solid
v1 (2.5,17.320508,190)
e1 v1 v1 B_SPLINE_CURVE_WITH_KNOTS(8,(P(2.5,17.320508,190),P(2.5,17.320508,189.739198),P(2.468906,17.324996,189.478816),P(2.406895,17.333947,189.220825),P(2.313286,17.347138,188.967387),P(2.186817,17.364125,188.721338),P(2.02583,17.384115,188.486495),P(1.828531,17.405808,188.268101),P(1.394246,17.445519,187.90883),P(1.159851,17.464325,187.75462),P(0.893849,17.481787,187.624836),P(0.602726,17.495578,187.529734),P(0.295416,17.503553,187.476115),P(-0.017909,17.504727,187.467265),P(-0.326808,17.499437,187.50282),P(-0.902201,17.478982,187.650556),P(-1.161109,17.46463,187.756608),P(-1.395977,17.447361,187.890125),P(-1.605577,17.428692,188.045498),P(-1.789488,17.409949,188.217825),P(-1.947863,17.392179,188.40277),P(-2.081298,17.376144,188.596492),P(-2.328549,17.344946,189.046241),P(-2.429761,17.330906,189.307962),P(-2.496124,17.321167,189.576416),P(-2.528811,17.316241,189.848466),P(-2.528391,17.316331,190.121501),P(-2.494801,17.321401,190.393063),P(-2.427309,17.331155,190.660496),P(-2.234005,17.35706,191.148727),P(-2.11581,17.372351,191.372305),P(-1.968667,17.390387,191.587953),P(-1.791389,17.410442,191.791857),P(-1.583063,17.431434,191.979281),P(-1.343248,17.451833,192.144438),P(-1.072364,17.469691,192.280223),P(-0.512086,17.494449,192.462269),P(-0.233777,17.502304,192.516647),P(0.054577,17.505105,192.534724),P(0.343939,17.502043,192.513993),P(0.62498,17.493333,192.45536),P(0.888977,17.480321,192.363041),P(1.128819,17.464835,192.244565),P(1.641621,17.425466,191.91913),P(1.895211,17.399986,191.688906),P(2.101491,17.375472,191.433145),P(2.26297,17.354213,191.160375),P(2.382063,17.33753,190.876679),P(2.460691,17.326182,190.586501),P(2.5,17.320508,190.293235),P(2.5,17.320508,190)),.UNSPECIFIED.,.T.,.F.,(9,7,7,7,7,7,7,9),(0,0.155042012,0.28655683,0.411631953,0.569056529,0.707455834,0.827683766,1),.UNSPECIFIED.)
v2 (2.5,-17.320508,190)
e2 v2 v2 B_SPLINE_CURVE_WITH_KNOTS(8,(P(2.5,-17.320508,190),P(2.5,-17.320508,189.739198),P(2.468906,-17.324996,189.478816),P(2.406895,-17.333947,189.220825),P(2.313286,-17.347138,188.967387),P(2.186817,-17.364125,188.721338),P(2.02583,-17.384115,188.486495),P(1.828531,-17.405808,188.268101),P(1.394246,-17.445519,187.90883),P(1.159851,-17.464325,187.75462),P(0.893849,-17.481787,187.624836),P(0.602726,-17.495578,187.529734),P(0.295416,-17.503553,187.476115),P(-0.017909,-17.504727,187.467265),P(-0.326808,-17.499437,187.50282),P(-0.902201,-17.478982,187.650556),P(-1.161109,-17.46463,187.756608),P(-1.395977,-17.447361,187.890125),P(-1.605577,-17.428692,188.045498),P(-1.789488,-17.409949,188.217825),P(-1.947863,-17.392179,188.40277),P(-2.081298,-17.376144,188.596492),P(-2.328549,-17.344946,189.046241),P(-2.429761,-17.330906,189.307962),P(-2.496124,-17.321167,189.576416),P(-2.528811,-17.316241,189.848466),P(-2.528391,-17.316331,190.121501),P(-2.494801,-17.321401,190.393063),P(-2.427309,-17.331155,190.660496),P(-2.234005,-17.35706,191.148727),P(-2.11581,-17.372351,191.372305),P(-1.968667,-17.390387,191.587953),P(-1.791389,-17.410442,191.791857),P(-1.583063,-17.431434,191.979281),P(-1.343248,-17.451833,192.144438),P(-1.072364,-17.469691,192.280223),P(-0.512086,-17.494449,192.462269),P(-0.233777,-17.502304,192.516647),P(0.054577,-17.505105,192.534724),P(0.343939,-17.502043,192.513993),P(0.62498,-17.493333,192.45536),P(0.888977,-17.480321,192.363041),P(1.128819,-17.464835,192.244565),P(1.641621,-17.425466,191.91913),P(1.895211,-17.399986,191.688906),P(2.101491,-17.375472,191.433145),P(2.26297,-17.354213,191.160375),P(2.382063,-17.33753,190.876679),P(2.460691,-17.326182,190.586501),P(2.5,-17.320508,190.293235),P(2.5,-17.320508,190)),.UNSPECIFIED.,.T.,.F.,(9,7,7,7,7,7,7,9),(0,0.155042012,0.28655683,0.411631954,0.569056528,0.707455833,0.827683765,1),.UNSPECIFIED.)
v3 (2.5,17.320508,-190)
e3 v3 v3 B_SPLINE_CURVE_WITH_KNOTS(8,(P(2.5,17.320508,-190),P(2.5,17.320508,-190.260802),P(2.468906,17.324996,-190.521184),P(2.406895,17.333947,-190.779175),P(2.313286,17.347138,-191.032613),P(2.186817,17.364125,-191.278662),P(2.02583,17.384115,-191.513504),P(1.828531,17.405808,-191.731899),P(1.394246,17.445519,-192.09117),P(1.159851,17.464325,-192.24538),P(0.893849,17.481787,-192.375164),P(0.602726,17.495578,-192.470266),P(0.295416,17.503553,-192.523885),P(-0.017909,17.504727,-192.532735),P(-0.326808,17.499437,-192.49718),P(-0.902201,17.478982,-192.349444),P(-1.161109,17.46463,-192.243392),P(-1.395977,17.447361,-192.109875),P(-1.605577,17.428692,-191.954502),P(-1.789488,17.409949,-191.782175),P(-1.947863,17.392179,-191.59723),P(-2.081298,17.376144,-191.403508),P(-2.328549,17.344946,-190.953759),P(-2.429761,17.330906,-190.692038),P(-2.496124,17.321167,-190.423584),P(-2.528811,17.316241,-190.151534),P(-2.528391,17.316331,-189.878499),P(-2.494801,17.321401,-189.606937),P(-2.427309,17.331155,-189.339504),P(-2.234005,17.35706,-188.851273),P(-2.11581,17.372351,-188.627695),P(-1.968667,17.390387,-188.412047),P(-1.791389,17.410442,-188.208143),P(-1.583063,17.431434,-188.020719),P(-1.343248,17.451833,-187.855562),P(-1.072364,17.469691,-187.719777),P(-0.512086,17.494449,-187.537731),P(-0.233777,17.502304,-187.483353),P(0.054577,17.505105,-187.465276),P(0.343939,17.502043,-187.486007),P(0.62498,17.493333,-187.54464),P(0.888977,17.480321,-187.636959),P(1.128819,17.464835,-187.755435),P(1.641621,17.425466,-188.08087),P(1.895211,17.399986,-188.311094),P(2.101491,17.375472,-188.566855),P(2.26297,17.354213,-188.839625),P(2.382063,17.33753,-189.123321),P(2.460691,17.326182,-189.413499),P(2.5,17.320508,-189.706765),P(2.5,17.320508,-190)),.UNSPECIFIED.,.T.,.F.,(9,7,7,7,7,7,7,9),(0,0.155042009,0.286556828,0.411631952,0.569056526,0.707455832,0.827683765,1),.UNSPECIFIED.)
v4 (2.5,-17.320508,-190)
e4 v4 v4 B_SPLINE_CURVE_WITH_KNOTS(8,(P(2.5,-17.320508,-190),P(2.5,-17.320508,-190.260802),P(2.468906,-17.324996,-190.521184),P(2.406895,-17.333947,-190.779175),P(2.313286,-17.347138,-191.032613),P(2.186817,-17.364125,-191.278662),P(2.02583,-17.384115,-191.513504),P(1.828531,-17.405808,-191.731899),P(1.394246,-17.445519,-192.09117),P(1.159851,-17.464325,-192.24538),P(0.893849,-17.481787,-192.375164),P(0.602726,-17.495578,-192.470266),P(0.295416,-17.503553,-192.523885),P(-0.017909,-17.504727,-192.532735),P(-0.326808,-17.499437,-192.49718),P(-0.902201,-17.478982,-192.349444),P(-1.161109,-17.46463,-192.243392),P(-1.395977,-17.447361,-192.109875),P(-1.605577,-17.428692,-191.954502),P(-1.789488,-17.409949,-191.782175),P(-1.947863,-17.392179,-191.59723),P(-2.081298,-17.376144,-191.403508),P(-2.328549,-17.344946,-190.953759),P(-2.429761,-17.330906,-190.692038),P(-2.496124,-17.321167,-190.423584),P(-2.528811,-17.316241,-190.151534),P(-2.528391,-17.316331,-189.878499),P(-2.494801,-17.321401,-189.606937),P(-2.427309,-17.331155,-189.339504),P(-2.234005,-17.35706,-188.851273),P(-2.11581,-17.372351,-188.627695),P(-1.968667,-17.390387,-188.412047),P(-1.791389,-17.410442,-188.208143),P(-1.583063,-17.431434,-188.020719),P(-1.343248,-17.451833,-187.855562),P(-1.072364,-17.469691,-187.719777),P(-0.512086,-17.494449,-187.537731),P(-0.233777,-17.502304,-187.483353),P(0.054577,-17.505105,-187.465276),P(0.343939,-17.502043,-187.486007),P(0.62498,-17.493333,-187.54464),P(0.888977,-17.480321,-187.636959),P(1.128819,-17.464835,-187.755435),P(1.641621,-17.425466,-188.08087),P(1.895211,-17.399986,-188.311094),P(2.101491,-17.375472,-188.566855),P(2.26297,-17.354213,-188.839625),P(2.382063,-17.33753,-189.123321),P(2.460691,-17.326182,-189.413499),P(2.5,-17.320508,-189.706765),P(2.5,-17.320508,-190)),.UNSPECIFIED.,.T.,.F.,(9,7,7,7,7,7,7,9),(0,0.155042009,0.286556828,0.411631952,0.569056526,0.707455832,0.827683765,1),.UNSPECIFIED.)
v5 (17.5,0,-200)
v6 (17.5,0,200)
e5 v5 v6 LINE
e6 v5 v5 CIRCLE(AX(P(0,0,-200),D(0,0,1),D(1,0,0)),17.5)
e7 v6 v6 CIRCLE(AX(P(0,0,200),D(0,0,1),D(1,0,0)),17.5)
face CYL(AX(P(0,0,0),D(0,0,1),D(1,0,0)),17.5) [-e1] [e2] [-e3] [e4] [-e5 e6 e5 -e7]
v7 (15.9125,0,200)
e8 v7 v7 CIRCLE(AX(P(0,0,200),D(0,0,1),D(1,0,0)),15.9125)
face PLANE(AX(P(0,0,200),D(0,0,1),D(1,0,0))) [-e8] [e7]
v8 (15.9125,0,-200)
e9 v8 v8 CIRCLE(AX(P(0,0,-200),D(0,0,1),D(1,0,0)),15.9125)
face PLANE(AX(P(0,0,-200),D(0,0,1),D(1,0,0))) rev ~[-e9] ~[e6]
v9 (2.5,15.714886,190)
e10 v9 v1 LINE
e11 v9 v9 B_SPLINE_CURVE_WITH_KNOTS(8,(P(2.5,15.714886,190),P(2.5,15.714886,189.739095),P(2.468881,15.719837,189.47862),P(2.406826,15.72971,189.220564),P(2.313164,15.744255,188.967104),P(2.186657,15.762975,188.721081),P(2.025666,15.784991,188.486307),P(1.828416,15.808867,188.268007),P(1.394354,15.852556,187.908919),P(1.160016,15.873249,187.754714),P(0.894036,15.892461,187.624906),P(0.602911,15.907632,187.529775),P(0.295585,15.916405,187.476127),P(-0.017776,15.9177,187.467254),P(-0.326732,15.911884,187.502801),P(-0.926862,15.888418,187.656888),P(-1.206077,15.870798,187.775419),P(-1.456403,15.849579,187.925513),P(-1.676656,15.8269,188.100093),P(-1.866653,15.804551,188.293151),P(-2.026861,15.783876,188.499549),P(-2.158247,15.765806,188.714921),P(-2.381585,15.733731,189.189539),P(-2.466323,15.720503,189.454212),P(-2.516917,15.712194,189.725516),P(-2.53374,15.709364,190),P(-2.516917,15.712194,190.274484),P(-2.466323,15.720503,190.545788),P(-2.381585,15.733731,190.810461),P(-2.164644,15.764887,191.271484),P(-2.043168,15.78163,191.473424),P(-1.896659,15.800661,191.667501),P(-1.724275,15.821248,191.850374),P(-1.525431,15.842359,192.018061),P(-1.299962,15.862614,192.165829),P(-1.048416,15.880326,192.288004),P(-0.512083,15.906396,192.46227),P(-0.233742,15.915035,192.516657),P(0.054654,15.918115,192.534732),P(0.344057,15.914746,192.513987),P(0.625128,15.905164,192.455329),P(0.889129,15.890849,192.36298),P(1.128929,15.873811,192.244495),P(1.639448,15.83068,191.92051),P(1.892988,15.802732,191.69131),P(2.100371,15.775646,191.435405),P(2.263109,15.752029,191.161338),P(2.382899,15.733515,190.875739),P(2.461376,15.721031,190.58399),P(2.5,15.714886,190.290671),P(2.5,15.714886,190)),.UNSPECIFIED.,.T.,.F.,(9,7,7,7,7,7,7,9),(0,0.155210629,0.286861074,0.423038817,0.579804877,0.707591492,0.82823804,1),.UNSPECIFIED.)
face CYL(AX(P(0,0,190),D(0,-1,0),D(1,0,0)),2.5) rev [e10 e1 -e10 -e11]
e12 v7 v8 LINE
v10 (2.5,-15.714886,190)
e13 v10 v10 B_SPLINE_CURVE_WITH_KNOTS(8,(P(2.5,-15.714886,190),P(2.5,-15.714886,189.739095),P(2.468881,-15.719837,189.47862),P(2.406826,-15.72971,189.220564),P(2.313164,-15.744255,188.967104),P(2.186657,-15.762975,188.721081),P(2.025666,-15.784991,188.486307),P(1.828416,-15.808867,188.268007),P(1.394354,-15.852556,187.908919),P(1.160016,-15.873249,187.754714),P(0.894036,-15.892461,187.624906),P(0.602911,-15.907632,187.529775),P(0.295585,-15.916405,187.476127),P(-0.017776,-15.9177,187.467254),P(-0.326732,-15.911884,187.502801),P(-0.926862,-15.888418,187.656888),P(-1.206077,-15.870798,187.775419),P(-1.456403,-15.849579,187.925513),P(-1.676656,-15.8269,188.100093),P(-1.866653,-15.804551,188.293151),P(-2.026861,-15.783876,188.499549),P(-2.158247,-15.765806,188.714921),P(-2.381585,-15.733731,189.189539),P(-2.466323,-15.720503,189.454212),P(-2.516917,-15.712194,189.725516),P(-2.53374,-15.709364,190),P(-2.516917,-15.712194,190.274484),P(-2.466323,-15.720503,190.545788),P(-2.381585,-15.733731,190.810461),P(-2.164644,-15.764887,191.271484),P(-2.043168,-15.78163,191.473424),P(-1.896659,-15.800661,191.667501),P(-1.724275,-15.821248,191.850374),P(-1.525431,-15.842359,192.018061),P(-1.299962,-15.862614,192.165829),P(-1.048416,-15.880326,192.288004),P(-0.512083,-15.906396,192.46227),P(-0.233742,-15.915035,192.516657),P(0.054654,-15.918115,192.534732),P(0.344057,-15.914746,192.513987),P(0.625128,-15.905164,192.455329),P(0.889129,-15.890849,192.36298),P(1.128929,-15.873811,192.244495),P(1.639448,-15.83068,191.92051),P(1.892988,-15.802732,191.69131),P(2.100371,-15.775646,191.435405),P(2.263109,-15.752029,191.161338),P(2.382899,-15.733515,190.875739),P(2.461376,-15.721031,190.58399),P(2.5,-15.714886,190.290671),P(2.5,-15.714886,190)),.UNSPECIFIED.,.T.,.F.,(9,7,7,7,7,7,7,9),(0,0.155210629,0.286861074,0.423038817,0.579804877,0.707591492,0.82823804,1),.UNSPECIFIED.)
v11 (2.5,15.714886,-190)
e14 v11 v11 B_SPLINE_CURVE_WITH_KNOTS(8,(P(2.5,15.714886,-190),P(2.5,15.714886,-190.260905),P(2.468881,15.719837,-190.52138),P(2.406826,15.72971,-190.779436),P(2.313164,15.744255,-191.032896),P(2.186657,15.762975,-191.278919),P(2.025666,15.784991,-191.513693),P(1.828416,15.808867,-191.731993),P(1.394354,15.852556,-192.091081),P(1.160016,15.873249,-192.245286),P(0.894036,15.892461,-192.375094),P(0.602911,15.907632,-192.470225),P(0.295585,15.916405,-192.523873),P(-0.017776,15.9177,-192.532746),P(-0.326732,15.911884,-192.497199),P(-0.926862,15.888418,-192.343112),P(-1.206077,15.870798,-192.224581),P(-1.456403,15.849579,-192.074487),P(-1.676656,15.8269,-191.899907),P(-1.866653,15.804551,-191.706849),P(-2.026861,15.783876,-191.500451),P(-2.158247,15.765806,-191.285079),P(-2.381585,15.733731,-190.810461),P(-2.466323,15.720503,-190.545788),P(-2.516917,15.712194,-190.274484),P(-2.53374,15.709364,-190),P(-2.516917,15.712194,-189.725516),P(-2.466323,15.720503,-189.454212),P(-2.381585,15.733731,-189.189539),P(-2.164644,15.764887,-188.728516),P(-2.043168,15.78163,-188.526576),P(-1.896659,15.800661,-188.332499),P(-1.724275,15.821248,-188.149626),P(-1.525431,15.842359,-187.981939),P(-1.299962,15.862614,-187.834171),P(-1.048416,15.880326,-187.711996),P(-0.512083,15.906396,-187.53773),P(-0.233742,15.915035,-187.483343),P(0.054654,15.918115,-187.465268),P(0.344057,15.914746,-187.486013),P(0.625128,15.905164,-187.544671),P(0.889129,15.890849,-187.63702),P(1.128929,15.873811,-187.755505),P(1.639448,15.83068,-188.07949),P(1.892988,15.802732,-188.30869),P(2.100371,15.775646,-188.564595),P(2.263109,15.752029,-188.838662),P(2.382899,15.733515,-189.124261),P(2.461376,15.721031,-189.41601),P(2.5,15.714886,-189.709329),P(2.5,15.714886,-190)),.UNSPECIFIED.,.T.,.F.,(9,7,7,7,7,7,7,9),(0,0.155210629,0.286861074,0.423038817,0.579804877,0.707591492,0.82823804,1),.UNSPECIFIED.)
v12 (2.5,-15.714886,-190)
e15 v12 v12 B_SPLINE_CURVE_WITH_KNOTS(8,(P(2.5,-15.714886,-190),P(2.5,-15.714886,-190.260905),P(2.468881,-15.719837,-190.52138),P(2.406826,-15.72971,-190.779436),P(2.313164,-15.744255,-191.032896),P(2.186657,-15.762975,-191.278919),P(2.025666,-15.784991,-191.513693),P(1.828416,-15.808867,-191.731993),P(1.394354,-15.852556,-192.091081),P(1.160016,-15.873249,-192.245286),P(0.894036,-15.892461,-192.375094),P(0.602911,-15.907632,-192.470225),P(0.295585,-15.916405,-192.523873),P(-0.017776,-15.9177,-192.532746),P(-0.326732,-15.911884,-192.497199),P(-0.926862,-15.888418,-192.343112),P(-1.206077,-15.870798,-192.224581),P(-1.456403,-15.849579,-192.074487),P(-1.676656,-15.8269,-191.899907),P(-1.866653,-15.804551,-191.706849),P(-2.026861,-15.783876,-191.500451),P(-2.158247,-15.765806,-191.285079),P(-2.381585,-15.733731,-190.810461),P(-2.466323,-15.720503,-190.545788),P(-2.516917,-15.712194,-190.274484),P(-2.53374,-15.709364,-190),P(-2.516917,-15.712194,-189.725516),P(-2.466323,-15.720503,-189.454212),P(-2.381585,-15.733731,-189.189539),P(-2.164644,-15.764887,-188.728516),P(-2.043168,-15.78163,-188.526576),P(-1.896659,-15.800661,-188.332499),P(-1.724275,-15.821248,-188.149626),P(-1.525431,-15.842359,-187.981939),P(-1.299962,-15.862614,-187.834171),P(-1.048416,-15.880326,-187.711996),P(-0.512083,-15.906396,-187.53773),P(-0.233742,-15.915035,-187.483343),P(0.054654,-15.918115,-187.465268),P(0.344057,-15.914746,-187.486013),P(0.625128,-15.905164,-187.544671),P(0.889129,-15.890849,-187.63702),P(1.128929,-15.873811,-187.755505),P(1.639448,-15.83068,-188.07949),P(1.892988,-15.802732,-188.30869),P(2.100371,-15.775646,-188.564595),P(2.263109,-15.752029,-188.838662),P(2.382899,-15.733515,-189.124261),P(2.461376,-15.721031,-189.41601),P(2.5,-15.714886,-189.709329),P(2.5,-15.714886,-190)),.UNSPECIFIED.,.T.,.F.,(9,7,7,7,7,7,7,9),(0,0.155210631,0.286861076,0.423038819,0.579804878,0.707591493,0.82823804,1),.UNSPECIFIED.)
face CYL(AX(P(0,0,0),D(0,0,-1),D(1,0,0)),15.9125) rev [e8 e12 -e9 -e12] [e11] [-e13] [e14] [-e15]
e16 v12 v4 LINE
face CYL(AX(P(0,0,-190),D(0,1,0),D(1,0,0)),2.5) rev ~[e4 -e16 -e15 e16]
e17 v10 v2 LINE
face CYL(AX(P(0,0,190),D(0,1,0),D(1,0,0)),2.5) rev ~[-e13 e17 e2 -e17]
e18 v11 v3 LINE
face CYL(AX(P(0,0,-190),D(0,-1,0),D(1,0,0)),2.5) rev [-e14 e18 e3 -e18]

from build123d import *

# Parameters (mm, degrees)
SKETCH1_R                    = 17.5
SKETCH1_R_2                  = 15.9125
BOSS_EXTRUDE1_DEPTH          = 200
ESQUISSE1_R                  = 2.5
ENL_V_MAT_EXTRU_1_DEPTH      = 18.5
ENL_V_MAT_EXTRU_1_DEPTH_BACK = 18.5


with BuildPart() as part:
    # Sketch1 → Boss-Extrude1 (new body, symmetric)
    with BuildSketch(Plane.XY):
        Circle(SKETCH1_R)
        Circle(SKETCH1_R_2, mode=Mode.SUBTRACT)
    extrude(amount=BOSS_EXTRUDE1_DEPTH, both=True)

    # Esquisse1 → Enlèv. mat.-Extru.1 (cut, two sides)
    with BuildSketch(Plane(origin=(0, 0, 0), x_dir=(1, 0, 0), z_dir=(0, 1, 0))) as enl_v_mat_extru_1_sk:
        with Locations((0, 190)):
            Circle(ESQUISSE1_R)
        with Locations((0, -190)):
            Circle(ESQUISSE1_R)
    extrude(amount=ENL_V_MAT_EXTRU_1_DEPTH, mode=Mode.SUBTRACT)
    extrude(enl_v_mat_extru_1_sk.sketch, amount=-ENL_V_MAT_EXTRU_1_DEPTH_BACK, mode=Mode.SUBTRACT)


solid = part.part
